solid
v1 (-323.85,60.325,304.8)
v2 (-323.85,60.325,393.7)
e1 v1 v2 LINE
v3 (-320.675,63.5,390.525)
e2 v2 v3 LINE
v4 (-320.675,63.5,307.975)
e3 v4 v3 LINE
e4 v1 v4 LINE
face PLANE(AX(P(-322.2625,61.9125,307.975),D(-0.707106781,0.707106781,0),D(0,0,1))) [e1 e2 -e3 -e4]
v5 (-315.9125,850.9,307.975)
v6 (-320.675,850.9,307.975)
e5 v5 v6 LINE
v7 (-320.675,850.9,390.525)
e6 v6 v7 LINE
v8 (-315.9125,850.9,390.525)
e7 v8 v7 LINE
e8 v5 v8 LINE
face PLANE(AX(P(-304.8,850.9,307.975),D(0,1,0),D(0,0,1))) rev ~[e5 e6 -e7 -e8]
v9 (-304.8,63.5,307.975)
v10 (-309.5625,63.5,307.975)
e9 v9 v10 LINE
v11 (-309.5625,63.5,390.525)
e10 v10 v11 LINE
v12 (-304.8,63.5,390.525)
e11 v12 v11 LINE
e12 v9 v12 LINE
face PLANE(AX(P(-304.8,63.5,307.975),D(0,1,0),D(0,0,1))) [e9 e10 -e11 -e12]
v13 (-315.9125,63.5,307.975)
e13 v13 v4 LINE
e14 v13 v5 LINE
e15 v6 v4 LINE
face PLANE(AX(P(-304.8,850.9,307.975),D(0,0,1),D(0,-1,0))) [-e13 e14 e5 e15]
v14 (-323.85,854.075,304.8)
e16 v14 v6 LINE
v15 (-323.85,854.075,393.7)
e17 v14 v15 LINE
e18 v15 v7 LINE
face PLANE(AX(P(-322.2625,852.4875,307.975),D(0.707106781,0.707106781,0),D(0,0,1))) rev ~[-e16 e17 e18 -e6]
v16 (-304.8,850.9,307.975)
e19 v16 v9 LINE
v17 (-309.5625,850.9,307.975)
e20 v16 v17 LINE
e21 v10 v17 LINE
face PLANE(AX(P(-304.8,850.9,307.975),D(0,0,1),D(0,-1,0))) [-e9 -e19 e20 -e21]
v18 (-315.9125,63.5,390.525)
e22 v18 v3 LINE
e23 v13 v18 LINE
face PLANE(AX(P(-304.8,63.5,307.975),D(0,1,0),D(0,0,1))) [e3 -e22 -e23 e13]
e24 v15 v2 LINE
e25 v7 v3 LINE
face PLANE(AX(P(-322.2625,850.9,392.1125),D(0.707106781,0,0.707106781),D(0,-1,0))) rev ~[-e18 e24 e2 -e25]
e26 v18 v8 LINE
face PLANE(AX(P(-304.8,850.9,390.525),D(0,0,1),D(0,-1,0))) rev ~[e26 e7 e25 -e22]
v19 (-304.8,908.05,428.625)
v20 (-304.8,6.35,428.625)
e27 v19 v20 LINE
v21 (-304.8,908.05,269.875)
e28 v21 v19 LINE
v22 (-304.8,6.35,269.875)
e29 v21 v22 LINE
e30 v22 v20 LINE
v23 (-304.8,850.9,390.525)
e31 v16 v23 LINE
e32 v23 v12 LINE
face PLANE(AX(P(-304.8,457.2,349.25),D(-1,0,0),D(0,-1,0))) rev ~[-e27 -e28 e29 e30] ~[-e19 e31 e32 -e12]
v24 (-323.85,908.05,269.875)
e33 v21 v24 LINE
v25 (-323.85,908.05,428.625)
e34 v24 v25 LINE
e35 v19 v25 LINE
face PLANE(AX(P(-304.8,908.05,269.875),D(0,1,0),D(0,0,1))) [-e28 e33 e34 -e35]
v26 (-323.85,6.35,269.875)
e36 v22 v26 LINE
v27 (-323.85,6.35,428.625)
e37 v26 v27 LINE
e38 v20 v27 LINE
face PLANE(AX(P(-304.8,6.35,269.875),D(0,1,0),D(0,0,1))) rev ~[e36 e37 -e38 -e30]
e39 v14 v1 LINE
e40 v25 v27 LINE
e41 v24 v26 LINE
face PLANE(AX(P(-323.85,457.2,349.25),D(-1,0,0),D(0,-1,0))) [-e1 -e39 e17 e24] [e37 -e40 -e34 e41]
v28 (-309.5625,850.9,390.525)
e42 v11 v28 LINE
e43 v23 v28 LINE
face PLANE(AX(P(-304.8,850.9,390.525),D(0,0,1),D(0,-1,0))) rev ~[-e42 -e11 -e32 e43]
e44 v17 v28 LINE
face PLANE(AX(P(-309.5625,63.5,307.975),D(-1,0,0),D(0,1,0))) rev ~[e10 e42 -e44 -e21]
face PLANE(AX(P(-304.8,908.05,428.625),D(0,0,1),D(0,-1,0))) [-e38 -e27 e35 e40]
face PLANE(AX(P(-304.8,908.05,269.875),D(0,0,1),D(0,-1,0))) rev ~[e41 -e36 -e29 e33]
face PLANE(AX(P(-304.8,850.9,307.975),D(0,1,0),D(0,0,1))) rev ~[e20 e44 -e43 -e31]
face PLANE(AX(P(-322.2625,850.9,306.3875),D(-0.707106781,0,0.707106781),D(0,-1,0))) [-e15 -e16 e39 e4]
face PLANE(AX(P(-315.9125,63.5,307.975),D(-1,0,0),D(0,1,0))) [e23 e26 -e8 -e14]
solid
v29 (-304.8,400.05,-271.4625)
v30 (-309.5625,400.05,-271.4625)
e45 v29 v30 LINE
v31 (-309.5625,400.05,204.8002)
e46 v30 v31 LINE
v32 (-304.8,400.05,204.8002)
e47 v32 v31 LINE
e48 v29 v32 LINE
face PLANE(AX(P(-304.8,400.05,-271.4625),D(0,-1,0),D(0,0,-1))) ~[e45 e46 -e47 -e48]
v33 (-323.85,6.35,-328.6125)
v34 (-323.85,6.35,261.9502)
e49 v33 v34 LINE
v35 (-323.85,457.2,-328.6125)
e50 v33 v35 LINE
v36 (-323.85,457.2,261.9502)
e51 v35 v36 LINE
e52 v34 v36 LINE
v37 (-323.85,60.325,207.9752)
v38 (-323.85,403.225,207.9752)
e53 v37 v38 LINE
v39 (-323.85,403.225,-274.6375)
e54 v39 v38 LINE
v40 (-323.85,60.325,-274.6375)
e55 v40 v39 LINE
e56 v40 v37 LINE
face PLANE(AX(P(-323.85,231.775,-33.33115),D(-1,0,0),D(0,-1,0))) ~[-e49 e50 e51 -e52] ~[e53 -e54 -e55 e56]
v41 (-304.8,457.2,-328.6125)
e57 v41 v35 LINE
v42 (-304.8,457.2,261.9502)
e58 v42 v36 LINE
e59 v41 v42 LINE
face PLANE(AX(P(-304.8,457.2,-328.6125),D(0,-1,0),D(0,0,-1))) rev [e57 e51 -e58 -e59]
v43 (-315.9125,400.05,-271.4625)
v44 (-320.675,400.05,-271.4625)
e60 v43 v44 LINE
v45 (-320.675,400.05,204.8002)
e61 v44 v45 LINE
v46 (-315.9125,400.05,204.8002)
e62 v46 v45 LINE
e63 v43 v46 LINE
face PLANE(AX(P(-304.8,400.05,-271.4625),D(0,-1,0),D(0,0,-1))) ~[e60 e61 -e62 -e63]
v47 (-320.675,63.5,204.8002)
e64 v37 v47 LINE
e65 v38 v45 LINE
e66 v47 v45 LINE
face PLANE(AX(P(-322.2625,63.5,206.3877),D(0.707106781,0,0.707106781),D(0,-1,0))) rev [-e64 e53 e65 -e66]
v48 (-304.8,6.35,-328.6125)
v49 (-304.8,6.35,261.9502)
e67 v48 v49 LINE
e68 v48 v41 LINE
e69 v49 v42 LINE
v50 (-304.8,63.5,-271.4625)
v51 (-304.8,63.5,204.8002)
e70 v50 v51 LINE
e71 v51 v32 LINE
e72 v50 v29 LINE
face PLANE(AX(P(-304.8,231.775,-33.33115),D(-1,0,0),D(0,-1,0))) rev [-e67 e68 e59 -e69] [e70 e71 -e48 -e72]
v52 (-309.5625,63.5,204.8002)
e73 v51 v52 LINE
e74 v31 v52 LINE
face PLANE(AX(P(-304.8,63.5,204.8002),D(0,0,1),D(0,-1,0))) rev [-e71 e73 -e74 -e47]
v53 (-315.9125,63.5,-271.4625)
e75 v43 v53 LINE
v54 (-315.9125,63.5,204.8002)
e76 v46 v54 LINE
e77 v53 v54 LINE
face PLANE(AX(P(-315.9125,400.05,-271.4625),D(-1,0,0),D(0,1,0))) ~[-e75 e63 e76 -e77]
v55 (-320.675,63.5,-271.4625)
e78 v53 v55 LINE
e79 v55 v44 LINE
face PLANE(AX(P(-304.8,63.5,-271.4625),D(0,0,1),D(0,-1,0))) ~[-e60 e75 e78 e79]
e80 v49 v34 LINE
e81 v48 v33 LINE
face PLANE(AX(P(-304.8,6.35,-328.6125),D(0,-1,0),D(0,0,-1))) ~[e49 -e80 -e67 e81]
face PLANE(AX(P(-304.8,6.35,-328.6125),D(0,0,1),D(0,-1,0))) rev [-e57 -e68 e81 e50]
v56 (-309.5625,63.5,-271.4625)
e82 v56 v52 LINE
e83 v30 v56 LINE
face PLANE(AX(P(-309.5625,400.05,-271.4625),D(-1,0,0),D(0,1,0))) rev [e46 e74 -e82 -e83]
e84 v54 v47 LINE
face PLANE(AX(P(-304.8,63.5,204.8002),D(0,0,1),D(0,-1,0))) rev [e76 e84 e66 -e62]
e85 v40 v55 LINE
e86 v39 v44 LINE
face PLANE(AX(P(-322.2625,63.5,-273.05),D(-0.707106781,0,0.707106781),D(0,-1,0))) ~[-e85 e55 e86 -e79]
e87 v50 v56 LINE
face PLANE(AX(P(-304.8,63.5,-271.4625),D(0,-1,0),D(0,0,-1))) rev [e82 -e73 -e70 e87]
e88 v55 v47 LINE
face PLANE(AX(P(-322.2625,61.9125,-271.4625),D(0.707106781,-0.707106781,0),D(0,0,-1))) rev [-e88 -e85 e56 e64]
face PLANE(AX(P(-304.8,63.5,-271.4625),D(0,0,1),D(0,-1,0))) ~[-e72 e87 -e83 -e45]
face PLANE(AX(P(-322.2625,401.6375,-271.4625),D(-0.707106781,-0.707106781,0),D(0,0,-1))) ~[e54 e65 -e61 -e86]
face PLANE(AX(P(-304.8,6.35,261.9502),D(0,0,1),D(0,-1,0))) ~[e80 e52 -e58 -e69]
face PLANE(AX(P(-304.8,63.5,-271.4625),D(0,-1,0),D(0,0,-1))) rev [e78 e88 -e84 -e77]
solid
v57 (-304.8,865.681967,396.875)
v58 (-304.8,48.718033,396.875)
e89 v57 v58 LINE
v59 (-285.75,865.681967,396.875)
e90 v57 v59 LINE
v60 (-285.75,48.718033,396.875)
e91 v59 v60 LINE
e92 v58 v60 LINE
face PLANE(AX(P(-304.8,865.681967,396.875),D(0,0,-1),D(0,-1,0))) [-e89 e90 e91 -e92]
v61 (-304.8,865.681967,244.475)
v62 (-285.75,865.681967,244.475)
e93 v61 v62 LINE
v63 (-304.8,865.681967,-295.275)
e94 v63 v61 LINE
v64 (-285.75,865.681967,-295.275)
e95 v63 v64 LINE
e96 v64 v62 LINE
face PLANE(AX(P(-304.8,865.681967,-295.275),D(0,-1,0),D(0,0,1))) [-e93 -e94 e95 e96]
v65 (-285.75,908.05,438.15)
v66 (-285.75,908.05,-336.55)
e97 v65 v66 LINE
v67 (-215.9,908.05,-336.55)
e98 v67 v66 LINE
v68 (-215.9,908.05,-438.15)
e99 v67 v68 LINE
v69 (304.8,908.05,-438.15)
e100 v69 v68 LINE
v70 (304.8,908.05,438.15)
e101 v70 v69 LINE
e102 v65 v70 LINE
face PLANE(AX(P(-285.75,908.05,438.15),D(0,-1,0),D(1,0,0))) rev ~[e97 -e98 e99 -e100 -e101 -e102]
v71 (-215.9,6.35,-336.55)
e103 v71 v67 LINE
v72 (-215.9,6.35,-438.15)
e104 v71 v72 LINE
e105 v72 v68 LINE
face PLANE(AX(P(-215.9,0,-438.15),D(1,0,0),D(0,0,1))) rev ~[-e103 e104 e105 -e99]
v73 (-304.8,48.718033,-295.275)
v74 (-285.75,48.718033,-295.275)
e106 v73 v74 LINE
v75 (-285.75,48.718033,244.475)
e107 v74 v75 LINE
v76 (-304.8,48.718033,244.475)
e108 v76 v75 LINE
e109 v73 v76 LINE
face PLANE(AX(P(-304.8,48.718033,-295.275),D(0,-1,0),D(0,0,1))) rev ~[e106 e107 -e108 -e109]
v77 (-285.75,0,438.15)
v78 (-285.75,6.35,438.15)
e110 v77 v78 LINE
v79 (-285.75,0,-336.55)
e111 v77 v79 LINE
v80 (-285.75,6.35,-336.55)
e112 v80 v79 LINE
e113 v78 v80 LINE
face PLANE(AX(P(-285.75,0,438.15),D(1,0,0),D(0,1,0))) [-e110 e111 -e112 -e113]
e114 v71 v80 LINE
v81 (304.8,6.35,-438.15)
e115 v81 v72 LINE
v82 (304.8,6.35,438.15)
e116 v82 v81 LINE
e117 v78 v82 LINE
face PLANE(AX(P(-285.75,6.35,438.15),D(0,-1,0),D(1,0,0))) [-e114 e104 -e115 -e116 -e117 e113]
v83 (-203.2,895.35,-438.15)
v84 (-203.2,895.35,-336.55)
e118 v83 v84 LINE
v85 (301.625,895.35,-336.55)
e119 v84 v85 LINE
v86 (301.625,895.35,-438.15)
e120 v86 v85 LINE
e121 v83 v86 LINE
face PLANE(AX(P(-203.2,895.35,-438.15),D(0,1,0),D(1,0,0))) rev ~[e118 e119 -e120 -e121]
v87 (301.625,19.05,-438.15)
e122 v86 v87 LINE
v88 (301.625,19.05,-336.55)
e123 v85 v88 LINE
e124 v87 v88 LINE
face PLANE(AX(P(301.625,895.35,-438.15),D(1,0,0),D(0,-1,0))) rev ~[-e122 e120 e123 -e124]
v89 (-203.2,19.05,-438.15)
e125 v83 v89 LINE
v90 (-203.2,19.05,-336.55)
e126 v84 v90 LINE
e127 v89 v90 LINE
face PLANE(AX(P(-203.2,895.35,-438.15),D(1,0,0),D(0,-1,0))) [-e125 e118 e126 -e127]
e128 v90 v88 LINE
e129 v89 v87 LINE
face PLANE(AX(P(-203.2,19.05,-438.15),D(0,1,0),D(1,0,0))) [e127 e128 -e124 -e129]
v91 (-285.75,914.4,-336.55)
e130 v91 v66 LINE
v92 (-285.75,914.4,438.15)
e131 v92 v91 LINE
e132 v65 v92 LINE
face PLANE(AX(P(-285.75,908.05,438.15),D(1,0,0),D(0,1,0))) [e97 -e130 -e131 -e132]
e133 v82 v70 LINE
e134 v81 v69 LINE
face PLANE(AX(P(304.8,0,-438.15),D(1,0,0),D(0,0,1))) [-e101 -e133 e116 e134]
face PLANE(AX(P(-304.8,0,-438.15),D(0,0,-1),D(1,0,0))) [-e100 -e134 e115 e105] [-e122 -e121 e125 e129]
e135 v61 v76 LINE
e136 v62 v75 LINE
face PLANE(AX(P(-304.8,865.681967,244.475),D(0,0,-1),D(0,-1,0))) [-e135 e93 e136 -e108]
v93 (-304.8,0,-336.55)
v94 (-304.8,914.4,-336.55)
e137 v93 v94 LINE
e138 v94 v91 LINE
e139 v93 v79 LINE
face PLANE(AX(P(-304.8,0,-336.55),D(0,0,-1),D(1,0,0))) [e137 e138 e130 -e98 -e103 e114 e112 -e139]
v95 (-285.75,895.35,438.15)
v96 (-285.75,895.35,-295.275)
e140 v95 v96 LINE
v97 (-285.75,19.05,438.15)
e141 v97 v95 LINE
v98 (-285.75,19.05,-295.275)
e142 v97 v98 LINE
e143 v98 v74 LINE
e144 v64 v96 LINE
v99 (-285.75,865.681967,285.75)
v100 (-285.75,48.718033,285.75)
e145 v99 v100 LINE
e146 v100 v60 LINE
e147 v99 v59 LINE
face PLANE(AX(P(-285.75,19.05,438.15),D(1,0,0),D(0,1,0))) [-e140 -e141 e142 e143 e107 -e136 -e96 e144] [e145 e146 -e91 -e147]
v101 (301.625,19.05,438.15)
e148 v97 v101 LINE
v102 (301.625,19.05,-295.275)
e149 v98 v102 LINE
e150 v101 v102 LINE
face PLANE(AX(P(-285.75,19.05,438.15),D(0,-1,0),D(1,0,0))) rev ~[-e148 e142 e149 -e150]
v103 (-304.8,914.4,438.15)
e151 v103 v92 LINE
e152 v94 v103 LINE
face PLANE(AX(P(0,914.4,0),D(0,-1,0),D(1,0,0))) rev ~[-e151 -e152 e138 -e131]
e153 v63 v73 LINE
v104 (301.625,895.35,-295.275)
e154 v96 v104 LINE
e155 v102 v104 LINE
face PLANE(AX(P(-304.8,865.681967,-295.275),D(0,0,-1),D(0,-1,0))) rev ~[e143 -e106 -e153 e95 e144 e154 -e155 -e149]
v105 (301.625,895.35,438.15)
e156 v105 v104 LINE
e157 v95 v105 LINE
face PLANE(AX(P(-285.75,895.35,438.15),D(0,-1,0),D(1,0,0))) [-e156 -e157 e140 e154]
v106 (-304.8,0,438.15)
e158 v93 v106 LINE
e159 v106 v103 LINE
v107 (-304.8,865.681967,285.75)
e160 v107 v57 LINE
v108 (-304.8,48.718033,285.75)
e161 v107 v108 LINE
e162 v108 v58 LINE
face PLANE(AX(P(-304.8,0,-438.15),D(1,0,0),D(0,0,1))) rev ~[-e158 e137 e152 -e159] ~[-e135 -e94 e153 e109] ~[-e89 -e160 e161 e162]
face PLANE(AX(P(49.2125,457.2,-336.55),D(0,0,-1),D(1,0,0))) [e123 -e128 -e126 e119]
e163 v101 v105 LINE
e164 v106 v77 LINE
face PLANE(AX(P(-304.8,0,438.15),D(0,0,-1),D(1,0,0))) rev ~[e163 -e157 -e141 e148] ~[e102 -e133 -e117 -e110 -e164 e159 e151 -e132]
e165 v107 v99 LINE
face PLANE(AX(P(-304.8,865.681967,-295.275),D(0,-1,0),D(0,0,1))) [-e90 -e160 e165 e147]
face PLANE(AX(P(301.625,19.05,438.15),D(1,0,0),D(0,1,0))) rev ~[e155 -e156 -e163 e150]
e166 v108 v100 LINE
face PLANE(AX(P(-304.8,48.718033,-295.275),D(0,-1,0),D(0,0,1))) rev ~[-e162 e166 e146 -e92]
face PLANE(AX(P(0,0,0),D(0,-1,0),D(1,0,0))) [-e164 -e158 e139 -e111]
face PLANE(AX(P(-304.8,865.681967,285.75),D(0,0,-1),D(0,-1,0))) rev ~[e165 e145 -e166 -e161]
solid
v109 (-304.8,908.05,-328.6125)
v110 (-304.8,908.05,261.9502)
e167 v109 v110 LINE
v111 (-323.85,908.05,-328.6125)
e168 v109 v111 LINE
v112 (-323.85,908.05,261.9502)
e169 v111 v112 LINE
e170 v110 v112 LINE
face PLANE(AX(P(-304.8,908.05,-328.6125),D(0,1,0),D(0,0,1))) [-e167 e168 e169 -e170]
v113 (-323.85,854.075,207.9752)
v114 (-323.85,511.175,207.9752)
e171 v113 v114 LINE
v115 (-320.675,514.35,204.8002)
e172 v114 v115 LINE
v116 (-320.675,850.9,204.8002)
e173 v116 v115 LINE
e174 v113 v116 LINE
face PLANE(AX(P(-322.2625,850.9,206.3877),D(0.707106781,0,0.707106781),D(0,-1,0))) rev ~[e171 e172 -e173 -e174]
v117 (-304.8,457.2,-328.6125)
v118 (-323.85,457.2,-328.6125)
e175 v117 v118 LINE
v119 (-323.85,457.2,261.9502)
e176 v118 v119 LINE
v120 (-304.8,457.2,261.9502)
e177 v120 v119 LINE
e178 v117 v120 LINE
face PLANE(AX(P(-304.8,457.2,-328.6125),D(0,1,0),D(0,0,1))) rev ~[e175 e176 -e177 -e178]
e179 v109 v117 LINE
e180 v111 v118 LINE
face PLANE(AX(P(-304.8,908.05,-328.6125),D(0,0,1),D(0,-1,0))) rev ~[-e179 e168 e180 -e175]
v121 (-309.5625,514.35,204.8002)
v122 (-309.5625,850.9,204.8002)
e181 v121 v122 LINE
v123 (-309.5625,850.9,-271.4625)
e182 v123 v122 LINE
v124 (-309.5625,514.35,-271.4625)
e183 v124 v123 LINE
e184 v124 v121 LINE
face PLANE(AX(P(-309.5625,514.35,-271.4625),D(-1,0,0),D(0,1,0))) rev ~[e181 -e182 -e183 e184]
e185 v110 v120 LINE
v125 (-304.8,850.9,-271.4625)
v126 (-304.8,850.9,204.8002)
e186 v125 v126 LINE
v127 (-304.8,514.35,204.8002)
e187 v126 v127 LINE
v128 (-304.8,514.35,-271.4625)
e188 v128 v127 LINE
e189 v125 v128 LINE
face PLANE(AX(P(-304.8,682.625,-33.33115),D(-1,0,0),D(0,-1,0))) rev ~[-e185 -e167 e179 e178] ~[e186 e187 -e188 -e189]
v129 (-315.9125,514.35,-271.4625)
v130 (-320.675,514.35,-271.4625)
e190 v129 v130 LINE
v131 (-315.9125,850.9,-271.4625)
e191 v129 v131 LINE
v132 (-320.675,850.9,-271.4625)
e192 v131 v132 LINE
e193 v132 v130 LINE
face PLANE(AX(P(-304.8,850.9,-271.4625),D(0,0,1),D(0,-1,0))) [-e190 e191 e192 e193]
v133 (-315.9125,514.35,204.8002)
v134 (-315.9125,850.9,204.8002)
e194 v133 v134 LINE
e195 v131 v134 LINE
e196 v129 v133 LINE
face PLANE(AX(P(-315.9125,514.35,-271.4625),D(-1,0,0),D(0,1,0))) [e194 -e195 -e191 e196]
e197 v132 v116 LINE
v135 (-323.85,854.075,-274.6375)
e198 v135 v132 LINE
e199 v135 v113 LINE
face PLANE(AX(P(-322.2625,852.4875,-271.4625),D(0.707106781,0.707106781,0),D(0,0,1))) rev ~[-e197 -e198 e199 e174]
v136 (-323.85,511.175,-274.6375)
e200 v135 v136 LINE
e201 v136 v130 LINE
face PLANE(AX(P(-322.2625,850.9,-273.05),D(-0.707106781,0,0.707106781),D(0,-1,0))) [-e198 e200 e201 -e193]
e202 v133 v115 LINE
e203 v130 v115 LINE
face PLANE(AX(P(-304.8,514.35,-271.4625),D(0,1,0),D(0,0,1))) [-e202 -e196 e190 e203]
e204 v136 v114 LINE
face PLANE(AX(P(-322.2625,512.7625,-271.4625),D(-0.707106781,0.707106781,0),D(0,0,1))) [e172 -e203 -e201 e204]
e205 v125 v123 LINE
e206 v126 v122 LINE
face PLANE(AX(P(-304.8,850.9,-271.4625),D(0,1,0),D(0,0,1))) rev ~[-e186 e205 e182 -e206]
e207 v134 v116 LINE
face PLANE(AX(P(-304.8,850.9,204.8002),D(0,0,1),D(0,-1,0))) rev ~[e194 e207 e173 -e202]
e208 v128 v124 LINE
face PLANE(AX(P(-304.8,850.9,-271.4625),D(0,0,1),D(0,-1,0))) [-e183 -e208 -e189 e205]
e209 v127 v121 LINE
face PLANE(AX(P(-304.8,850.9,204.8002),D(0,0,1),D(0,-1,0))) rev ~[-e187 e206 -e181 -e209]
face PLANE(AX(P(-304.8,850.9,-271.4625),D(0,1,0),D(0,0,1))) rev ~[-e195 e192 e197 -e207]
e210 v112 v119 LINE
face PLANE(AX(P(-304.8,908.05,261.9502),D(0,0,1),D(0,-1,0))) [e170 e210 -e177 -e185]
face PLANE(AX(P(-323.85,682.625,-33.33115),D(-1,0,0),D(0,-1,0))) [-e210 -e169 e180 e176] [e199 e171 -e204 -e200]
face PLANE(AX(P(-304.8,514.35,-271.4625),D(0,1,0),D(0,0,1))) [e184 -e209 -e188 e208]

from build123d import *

# Parameters (mm, degrees)
F0_W      = 609.6
F0_H      = 876.3
F1_DEPTH  = 914.4
F2_W      = 88.9
F2_H      = 101.6
F3_DEPTH  = 914.401
F4_W      = 816.963934
F4_H      = 692.15
F5_DEPTH  = 19.05
F6_W      = 590.55
F6_H      = 6.35
F7_DEPTH  = 876.301
F8_W      = 587.375
F8_H      = 876.3
F9_DEPTH  = 733.425
F10_W     = 816.963934
F10_H     = 41.275
F11_DEPTH = 19.05
F12_W     = 450.85
F12_H     = 590.5627
F12_W_2   = 336.55
F12_H_2   = 476.2627
F13_DEPTH = 19.05
F14_W     = 6.35
F14_H     = 336.55
F15_DEPTH = 476.2627
F16_SIZE  = 3.175
F17_W     = 901.7
F17_H     = 158.75
F17_W_2   = 787.4
F17_H_2   = 82.55
F18_DEPTH = 19.05
F19_W     = 6.35
F19_H     = 787.4
F20_DEPTH = 82.55
F21_SIZE  = 3.175
F22_W     = 504.825
F22_H     = 876.3
F23_DEPTH = 101.6


with BuildPart() as f1:
    # F0 (on Front) → F1 (new body)
    with BuildSketch(Plane.XZ):
        Rectangle(F0_W, F0_H)
    extrude(amount=-F1_DEPTH)

    # F2 (on face) → F3 (cut, through all)
    with BuildSketch(Plane.XZ):
        with Locations((-260.35, -387.35)):
            Rectangle(F2_W, F2_H)
    extrude(amount=-F3_DEPTH, mode=Mode.SUBTRACT)

    # F4 (on face) → F5 (cut)
    with BuildSketch(Plane(origin=(-304.8, 0, 0), x_dir=(0, -1, 0), z_dir=(-1, 0, 0))):
        with Locations((-457.2, 50.8)):
            Rectangle(F4_W, F4_H)
    extrude(amount=-F5_DEPTH, mode=Mode.SUBTRACT)

    # F6 (on face) → F7 (cut, through all)
    with BuildSketch(Plane.XY.offset(438.15)):
        with Locations((9.525, 911.225)):
            Rectangle(F6_W, F6_H)
        with Locations((9.525, 3.175)):
            Rectangle(F6_W, F6_H)
    extrude(amount=-F7_DEPTH, mode=Mode.SUBTRACT)

    # F8 (on face) → F9 (cut, through all)
    with BuildSketch(Plane.XY.offset(438.15)):
        with Locations((7.9375, 457.2)):
            Rectangle(F8_W, F8_H)
    extrude(amount=-F9_DEPTH, mode=Mode.SUBTRACT)

    # F10 (on face) → F11 (join, through all)
    with BuildSketch(Plane(origin=(-304.8, 0, 0), x_dir=(0, -1, 0), z_dir=(-1, 0, 0))):
        with Locations((-457.2, 265.1125)):
            Rectangle(F10_W, F10_H)
    extrude(amount=-F11_DEPTH)

    # F22 (on face) → F23 (cut)
    with BuildSketch(Plane(origin=(0, 0, -438.15), x_dir=(1, 0, 0), z_dir=(0, 0, -1))):
        with Locations((49.2125, -457.2)):
            Rectangle(F22_W, F22_H)
    extrude(amount=-F23_DEPTH, mode=Mode.SUBTRACT)


with BuildPart() as f13:
    # F12 (on face) → F13 (new body)
    with BuildSketch(Plane(origin=(-304.8, 0, 0), x_dir=(0, -1, 0), z_dir=(-1, 0, 0))):
        with Locations((-682.625, -33.33115)):
            Rectangle(F12_W, F12_H)
        with Locations((-682.625, -33.33115)):
            Rectangle(F12_W_2, F12_H_2, mode=Mode.SUBTRACT)
    extrude(amount=F13_DEPTH)

    # F14 (on face) → F15 (join, through all)
    with BuildSketch(Plane.XY.offset(-271.4625)):
        with Locations((-312.7375, 682.625)):
            Rectangle(F14_W, F14_H)
    extrude(amount=F15_DEPTH)

    # F16
    f16_edges = [f13.edges().sort_by_distance(p)[0] for p in [
        (-323.85, 850.9, -33.33115),
        (-323.85, 682.625, -271.4625),
        (-323.85, 514.35, -33.33115),
        (-323.85, 682.625, 204.8002),
    ]]
    chamfer(f16_edges, length=F16_SIZE)


with BuildPart() as f18:
    # F17 (on face) → F18 (new body)
    with BuildSketch(Plane(origin=(-304.8, 0, 0), x_dir=(0, -1, 0), z_dir=(-1, 0, 0))):
        with Locations((-457.2, 349.25)):
            Rectangle(F17_W, F17_H)
        with Locations((-457.2, 349.25)):
            Rectangle(F17_W_2, F17_H_2, mode=Mode.SUBTRACT)
    extrude(amount=F18_DEPTH)

    # F19 (on face) → F20 (join, through all)
    with BuildSketch(Plane.XY.offset(307.975)):
        with Locations((-312.7375, 457.2)):
            Rectangle(F19_W, F19_H)
    extrude(amount=F20_DEPTH)

    # F21
    f21_edges = [f18.edges().sort_by_distance(p)[0] for p in [
        (-323.85, 457.2, 307.975),
        (-323.85, 850.9, 349.25),
        (-323.85, 457.2, 390.525),
        (-323.85, 63.5, 349.25),
    ]]
    chamfer(f21_edges, length=F21_SIZE)


with BuildPart() as f24_1:
    # F24: instance of F13
    add(f13.part.mirror(Plane(origin=(-314.325, 457.2, -33.33115), x_dir=(1, 0, 0), z_dir=(0, -1, 0))))


solid = Compound([f1.part, f13.part, f18.part, f24_1.part])
